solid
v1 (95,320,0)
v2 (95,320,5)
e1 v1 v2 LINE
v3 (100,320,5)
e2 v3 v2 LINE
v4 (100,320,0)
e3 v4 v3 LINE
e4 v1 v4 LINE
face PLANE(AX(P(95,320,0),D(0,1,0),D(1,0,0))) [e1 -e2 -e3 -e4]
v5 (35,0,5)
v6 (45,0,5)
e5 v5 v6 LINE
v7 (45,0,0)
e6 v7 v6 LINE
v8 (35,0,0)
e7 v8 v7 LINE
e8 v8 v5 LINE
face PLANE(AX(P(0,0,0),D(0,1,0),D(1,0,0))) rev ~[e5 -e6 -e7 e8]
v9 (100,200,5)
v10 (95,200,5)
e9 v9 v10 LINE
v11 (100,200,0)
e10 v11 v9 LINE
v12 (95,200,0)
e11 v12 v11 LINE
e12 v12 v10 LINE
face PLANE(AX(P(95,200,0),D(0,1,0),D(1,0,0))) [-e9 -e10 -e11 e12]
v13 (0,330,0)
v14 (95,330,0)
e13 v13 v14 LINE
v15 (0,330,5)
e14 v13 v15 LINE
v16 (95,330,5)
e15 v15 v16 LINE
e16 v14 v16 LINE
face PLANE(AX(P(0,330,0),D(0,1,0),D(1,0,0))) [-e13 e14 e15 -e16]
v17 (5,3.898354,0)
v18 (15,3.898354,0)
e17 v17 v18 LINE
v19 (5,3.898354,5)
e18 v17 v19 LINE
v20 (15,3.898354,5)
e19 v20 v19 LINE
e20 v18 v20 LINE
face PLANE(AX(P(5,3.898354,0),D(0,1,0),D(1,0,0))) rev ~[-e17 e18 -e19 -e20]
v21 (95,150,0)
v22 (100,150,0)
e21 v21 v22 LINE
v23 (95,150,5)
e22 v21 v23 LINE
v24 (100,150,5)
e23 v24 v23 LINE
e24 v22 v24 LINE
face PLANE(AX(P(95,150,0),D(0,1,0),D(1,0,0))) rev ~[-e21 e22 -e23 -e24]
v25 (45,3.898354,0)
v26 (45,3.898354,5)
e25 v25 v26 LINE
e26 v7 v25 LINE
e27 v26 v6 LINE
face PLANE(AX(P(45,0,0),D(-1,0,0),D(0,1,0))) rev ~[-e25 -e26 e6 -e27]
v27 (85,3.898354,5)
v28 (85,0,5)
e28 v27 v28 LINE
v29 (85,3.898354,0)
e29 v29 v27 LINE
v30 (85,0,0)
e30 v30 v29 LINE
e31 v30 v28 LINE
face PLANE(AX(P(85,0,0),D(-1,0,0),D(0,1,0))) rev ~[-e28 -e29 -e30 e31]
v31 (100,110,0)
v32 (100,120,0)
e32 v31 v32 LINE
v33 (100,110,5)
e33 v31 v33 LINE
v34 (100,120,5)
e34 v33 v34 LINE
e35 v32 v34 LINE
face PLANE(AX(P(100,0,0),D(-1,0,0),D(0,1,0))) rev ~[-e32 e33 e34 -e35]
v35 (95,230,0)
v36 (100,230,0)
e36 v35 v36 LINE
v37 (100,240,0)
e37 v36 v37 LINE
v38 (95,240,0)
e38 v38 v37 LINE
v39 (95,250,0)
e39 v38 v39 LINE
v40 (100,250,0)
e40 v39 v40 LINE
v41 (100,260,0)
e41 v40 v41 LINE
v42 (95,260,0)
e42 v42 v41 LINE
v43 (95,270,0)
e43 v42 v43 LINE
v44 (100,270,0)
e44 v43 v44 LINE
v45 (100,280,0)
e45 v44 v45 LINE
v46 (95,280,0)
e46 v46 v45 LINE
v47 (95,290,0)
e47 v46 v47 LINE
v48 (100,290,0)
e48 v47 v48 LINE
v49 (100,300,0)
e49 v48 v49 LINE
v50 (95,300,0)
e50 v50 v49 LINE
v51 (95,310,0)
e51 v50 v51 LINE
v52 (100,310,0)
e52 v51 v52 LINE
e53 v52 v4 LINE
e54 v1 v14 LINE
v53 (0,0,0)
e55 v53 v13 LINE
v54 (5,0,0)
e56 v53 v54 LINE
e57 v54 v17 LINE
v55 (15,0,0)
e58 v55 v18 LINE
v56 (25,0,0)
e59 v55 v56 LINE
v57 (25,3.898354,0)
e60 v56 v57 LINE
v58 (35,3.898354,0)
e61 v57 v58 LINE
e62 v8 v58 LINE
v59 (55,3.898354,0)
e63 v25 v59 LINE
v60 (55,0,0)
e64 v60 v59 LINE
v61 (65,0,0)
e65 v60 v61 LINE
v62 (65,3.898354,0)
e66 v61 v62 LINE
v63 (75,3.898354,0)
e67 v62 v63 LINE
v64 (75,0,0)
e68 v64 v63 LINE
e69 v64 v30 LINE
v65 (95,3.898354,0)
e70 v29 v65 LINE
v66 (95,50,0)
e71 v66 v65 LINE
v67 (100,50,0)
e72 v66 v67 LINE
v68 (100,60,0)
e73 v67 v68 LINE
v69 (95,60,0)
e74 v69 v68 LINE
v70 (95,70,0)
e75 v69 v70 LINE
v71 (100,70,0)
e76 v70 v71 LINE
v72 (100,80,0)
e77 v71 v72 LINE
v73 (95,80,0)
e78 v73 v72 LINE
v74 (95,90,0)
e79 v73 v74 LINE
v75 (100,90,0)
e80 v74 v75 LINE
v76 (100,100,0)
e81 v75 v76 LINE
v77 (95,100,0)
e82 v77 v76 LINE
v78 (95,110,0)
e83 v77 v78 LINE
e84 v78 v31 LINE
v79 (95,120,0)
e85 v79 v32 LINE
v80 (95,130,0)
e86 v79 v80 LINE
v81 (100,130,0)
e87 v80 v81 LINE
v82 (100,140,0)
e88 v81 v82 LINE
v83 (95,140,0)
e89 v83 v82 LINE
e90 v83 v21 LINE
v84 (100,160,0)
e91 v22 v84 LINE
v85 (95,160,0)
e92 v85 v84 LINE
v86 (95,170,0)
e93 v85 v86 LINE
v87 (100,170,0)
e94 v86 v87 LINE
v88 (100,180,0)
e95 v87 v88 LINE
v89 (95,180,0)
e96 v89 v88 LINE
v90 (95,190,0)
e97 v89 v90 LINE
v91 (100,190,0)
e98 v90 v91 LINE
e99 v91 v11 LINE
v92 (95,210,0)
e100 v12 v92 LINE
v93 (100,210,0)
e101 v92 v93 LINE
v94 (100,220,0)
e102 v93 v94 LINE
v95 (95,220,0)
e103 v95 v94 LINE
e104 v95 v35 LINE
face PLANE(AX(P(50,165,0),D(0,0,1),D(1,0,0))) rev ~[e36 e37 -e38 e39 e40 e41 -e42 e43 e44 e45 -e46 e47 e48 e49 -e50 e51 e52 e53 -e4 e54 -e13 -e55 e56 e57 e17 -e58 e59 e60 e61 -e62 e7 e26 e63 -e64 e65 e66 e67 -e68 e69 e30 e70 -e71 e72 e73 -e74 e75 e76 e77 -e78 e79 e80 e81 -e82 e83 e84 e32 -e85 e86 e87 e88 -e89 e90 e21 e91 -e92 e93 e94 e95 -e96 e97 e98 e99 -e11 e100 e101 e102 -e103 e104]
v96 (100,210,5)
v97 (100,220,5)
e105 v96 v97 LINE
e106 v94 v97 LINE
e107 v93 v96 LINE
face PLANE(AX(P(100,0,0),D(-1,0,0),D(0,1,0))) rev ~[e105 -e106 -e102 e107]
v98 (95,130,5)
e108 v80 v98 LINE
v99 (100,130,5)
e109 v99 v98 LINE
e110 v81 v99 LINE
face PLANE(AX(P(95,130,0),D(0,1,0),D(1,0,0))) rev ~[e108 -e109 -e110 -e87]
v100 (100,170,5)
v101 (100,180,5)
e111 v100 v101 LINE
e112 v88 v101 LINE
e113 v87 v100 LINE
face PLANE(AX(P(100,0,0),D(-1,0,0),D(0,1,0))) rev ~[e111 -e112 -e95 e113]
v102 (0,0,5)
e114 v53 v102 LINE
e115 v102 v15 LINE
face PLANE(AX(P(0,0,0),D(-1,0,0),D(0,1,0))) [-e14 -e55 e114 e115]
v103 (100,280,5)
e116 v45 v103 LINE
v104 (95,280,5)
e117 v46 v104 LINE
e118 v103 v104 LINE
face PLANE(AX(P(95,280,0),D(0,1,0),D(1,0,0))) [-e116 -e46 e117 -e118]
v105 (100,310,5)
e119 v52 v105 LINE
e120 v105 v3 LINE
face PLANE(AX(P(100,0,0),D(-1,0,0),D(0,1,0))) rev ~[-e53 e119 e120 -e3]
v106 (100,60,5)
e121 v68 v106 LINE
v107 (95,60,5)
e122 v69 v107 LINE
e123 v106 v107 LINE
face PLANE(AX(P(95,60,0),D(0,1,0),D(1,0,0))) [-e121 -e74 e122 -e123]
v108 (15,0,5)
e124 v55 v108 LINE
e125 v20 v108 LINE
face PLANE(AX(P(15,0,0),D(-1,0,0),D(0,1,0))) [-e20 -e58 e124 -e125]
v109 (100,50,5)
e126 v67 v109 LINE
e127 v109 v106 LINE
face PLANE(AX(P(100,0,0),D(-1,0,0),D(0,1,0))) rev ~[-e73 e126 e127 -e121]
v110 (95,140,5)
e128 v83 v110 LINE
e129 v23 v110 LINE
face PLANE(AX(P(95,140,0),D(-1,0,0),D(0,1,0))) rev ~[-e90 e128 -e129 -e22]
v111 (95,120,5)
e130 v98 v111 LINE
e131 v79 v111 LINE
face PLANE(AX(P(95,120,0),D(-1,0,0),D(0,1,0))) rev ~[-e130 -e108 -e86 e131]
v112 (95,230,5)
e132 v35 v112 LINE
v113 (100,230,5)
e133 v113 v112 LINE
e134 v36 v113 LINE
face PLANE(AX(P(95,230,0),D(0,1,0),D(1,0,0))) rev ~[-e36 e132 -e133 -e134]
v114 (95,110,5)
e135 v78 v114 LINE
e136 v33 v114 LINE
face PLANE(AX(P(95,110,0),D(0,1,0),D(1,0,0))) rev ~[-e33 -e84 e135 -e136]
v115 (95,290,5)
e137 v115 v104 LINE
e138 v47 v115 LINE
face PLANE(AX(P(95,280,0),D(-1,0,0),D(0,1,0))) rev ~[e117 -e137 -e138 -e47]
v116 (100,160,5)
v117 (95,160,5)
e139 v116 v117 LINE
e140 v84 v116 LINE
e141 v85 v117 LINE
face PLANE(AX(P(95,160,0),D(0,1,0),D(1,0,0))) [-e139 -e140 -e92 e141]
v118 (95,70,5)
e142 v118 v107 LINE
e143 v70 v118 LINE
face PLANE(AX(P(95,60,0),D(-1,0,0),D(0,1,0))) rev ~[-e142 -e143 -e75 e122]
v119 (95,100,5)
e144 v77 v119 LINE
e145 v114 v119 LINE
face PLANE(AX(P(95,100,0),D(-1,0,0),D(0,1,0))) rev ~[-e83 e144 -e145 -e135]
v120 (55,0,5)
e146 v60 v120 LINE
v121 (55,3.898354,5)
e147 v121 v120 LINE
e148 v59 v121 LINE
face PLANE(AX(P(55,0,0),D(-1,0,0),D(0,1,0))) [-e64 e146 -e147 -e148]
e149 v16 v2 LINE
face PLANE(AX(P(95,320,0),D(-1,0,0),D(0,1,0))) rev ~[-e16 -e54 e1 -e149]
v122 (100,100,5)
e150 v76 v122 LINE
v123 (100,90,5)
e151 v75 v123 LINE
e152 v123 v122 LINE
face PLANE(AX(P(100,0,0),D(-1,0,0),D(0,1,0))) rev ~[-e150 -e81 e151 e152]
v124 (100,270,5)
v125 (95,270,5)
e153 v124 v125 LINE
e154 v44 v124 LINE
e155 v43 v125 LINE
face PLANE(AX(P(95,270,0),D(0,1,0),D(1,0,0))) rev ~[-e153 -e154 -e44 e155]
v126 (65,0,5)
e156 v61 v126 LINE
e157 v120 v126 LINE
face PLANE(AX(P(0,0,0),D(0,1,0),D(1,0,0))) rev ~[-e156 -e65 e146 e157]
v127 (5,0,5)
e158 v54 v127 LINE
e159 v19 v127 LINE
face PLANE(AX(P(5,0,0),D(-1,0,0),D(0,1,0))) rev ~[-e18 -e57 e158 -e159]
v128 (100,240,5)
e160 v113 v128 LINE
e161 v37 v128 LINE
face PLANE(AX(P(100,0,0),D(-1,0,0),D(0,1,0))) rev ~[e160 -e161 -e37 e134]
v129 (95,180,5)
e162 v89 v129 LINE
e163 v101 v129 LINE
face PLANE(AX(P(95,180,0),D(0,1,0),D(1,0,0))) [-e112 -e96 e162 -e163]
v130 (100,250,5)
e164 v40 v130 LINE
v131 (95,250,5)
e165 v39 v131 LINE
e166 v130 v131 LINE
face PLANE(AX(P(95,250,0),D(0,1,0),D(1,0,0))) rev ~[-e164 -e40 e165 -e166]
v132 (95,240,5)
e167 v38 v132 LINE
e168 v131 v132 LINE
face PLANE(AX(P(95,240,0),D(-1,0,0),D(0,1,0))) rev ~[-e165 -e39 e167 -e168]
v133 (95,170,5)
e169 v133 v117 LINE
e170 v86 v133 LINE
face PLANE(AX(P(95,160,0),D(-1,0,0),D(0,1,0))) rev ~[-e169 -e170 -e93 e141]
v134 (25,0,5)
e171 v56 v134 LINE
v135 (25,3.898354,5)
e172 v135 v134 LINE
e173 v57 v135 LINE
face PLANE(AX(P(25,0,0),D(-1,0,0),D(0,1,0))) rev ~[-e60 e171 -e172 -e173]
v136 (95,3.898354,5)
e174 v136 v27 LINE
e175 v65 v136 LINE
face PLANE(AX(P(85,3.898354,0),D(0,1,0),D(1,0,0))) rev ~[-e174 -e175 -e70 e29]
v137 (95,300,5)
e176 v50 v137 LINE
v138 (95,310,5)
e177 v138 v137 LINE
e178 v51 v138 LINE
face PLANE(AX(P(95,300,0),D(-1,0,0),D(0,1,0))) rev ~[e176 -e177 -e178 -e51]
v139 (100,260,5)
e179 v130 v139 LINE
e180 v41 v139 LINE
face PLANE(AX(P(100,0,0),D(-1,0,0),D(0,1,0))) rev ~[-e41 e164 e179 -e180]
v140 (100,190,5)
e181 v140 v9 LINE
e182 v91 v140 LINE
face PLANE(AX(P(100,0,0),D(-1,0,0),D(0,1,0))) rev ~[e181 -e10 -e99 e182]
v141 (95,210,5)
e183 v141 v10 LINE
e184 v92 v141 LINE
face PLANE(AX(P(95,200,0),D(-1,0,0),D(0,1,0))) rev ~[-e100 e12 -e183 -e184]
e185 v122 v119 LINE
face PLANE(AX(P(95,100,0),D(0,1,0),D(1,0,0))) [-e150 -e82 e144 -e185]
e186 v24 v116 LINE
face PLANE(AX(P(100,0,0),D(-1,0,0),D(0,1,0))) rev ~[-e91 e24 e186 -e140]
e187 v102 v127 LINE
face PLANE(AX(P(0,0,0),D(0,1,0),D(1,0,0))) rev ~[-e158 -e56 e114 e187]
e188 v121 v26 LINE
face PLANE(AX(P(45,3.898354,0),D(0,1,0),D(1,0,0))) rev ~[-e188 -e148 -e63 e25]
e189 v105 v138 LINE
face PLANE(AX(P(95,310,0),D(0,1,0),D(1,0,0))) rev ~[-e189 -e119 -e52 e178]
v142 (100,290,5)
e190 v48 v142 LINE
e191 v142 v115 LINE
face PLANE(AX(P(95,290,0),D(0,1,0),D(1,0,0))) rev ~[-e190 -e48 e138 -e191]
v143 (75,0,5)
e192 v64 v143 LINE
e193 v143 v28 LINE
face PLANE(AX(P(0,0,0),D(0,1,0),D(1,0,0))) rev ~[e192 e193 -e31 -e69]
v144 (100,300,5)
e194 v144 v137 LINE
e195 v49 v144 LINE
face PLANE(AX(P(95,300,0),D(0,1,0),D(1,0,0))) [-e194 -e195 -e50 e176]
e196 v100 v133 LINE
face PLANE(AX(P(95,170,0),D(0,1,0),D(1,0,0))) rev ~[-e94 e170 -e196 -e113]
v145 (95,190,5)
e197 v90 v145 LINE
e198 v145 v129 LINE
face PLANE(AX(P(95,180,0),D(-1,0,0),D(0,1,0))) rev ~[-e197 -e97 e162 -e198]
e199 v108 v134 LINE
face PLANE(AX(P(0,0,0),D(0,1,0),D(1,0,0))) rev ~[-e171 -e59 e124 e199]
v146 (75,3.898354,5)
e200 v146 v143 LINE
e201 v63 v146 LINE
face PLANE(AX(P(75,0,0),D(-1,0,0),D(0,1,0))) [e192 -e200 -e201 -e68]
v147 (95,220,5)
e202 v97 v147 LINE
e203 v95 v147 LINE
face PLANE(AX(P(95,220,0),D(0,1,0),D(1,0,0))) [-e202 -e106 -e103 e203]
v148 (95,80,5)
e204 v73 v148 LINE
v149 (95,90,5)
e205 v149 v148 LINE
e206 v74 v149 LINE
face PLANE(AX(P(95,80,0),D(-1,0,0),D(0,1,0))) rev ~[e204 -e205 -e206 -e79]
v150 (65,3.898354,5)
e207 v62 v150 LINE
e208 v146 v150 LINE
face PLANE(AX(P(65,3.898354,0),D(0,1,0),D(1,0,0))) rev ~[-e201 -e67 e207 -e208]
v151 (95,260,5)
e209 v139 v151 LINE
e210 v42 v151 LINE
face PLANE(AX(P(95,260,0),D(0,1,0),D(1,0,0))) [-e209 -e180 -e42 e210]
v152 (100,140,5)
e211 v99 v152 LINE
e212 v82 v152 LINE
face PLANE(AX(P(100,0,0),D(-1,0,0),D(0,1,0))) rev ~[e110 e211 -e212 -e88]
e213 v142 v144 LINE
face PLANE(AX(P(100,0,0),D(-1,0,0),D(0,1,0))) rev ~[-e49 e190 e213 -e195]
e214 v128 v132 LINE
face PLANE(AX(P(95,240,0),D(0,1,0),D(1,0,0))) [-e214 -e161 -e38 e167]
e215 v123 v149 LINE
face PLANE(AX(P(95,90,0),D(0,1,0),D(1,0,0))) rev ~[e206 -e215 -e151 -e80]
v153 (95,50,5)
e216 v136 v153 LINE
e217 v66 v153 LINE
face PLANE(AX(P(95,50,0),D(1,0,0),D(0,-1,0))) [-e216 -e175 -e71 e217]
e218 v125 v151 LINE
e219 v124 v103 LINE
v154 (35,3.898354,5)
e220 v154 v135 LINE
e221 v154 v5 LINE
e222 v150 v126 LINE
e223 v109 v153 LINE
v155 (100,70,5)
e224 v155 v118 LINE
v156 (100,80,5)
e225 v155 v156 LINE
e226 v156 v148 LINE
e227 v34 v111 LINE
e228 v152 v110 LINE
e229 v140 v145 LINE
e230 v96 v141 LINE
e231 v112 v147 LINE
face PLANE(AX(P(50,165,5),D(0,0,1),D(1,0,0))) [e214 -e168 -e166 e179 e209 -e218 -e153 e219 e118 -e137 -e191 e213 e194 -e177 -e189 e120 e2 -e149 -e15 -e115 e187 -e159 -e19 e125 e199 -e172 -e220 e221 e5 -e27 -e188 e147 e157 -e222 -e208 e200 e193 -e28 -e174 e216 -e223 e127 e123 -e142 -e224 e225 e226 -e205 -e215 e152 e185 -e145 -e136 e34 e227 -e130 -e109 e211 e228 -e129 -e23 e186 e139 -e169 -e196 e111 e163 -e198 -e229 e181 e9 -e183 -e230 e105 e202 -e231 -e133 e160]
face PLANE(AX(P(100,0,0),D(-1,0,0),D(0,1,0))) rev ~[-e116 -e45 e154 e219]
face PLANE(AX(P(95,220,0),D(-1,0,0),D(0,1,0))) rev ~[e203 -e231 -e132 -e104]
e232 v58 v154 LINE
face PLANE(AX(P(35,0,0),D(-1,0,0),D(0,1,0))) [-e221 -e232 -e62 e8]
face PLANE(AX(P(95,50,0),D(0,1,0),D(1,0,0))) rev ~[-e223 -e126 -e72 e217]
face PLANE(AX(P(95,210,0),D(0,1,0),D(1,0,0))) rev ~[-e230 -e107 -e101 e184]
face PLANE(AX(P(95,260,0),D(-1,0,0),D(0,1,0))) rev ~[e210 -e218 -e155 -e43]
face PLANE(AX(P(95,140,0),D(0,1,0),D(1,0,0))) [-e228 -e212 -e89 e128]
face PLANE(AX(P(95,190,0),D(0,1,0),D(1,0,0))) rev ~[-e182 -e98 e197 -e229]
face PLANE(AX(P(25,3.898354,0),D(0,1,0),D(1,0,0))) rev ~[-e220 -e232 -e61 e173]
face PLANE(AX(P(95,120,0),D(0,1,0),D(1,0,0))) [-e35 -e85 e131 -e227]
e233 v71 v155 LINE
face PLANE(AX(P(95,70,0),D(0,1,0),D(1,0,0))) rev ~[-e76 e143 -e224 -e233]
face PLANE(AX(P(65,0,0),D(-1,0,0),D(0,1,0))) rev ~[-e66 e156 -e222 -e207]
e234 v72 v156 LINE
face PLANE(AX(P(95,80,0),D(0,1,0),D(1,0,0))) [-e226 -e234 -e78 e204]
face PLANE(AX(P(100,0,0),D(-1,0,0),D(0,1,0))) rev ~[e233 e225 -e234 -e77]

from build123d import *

# Parameters (mm, degrees)
ESQUISSE1_W             = 100
ESQUISSE1_H             = 330
BOSS_EXTRU_1_DEPTH      = 5
ESQUISSE3_W             = 5
ESQUISSE3_H             = 10
ESQUISSE3_W_2           = 10
ESQUISSE3_H_2           = 3.898354104
ENL_V_MAT_EXTRU_1_DEPTH = 345.85504201


with BuildPart() as part:
    # Esquisse1 → Boss.-Extru.1 (new body)
    with BuildSketch(Plane.XY):
        with Locations((50, 165)):
            Rectangle(ESQUISSE1_W, ESQUISSE1_H)
    extrude(amount=BOSS_EXTRU_1_DEPTH)

    # Esquisse3 → Enlèv. mat.-Extru.1 (cut, through all)
    with BuildSketch(Plane.XY):
        with Locations((97.5, 325)):
            Rectangle(ESQUISSE3_W, ESQUISSE3_H)
        with Locations((97.5, 305)):
            Rectangle(ESQUISSE3_W, ESQUISSE3_H)
        with Locations((97.5, 285)):
            Rectangle(ESQUISSE3_W, ESQUISSE3_H)
        with Locations((97.5, 265)):
            Rectangle(ESQUISSE3_W, ESQUISSE3_H)
        with Locations((97.5, 245)):
            Rectangle(ESQUISSE3_W, ESQUISSE3_H)
        with Locations((97.5, 225)):
            Rectangle(ESQUISSE3_W, ESQUISSE3_H)
        with Locations((97.5, 205)):
            Rectangle(ESQUISSE3_W, ESQUISSE3_H)
        with Locations((97.5, 185)):
            Rectangle(ESQUISSE3_W, ESQUISSE3_H)
        with Locations((97.5, 165)):
            Rectangle(ESQUISSE3_W, ESQUISSE3_H)
        with Locations((97.5, 145)):
            Rectangle(ESQUISSE3_W, ESQUISSE3_H)
        with Locations((97.5, 125)):
            Rectangle(ESQUISSE3_W, ESQUISSE3_H)
        with Locations((97.5, 105)):
            Rectangle(ESQUISSE3_W, ESQUISSE3_H)
        with Locations((97.5, 85)):
            Rectangle(ESQUISSE3_W, ESQUISSE3_H)
        with Locations((97.5, 65)):
            Rectangle(ESQUISSE3_W, ESQUISSE3_H)
        Polygon((100, 50), (100, 40), (100, 0), (85, 0), (85, 3.898354104), (95, 3.898354104), (95, 40), (95, 50), align=None)
        with Locations((70, 1.949177052)):
            Rectangle(ESQUISSE3_W_2, ESQUISSE3_H_2)
        with Locations((50, 1.949177052)):
            Rectangle(ESQUISSE3_W_2, ESQUISSE3_H_2)
        with Locations((30, 1.949177052)):
            Rectangle(ESQUISSE3_W_2, ESQUISSE3_H_2)
        with Locations((10, 1.949177052)):
            Rectangle(ESQUISSE3_W_2, ESQUISSE3_H_2)
    extrude(amount=ENL_V_MAT_EXTRU_1_DEPTH, mode=Mode.SUBTRACT)


solid = part.part
